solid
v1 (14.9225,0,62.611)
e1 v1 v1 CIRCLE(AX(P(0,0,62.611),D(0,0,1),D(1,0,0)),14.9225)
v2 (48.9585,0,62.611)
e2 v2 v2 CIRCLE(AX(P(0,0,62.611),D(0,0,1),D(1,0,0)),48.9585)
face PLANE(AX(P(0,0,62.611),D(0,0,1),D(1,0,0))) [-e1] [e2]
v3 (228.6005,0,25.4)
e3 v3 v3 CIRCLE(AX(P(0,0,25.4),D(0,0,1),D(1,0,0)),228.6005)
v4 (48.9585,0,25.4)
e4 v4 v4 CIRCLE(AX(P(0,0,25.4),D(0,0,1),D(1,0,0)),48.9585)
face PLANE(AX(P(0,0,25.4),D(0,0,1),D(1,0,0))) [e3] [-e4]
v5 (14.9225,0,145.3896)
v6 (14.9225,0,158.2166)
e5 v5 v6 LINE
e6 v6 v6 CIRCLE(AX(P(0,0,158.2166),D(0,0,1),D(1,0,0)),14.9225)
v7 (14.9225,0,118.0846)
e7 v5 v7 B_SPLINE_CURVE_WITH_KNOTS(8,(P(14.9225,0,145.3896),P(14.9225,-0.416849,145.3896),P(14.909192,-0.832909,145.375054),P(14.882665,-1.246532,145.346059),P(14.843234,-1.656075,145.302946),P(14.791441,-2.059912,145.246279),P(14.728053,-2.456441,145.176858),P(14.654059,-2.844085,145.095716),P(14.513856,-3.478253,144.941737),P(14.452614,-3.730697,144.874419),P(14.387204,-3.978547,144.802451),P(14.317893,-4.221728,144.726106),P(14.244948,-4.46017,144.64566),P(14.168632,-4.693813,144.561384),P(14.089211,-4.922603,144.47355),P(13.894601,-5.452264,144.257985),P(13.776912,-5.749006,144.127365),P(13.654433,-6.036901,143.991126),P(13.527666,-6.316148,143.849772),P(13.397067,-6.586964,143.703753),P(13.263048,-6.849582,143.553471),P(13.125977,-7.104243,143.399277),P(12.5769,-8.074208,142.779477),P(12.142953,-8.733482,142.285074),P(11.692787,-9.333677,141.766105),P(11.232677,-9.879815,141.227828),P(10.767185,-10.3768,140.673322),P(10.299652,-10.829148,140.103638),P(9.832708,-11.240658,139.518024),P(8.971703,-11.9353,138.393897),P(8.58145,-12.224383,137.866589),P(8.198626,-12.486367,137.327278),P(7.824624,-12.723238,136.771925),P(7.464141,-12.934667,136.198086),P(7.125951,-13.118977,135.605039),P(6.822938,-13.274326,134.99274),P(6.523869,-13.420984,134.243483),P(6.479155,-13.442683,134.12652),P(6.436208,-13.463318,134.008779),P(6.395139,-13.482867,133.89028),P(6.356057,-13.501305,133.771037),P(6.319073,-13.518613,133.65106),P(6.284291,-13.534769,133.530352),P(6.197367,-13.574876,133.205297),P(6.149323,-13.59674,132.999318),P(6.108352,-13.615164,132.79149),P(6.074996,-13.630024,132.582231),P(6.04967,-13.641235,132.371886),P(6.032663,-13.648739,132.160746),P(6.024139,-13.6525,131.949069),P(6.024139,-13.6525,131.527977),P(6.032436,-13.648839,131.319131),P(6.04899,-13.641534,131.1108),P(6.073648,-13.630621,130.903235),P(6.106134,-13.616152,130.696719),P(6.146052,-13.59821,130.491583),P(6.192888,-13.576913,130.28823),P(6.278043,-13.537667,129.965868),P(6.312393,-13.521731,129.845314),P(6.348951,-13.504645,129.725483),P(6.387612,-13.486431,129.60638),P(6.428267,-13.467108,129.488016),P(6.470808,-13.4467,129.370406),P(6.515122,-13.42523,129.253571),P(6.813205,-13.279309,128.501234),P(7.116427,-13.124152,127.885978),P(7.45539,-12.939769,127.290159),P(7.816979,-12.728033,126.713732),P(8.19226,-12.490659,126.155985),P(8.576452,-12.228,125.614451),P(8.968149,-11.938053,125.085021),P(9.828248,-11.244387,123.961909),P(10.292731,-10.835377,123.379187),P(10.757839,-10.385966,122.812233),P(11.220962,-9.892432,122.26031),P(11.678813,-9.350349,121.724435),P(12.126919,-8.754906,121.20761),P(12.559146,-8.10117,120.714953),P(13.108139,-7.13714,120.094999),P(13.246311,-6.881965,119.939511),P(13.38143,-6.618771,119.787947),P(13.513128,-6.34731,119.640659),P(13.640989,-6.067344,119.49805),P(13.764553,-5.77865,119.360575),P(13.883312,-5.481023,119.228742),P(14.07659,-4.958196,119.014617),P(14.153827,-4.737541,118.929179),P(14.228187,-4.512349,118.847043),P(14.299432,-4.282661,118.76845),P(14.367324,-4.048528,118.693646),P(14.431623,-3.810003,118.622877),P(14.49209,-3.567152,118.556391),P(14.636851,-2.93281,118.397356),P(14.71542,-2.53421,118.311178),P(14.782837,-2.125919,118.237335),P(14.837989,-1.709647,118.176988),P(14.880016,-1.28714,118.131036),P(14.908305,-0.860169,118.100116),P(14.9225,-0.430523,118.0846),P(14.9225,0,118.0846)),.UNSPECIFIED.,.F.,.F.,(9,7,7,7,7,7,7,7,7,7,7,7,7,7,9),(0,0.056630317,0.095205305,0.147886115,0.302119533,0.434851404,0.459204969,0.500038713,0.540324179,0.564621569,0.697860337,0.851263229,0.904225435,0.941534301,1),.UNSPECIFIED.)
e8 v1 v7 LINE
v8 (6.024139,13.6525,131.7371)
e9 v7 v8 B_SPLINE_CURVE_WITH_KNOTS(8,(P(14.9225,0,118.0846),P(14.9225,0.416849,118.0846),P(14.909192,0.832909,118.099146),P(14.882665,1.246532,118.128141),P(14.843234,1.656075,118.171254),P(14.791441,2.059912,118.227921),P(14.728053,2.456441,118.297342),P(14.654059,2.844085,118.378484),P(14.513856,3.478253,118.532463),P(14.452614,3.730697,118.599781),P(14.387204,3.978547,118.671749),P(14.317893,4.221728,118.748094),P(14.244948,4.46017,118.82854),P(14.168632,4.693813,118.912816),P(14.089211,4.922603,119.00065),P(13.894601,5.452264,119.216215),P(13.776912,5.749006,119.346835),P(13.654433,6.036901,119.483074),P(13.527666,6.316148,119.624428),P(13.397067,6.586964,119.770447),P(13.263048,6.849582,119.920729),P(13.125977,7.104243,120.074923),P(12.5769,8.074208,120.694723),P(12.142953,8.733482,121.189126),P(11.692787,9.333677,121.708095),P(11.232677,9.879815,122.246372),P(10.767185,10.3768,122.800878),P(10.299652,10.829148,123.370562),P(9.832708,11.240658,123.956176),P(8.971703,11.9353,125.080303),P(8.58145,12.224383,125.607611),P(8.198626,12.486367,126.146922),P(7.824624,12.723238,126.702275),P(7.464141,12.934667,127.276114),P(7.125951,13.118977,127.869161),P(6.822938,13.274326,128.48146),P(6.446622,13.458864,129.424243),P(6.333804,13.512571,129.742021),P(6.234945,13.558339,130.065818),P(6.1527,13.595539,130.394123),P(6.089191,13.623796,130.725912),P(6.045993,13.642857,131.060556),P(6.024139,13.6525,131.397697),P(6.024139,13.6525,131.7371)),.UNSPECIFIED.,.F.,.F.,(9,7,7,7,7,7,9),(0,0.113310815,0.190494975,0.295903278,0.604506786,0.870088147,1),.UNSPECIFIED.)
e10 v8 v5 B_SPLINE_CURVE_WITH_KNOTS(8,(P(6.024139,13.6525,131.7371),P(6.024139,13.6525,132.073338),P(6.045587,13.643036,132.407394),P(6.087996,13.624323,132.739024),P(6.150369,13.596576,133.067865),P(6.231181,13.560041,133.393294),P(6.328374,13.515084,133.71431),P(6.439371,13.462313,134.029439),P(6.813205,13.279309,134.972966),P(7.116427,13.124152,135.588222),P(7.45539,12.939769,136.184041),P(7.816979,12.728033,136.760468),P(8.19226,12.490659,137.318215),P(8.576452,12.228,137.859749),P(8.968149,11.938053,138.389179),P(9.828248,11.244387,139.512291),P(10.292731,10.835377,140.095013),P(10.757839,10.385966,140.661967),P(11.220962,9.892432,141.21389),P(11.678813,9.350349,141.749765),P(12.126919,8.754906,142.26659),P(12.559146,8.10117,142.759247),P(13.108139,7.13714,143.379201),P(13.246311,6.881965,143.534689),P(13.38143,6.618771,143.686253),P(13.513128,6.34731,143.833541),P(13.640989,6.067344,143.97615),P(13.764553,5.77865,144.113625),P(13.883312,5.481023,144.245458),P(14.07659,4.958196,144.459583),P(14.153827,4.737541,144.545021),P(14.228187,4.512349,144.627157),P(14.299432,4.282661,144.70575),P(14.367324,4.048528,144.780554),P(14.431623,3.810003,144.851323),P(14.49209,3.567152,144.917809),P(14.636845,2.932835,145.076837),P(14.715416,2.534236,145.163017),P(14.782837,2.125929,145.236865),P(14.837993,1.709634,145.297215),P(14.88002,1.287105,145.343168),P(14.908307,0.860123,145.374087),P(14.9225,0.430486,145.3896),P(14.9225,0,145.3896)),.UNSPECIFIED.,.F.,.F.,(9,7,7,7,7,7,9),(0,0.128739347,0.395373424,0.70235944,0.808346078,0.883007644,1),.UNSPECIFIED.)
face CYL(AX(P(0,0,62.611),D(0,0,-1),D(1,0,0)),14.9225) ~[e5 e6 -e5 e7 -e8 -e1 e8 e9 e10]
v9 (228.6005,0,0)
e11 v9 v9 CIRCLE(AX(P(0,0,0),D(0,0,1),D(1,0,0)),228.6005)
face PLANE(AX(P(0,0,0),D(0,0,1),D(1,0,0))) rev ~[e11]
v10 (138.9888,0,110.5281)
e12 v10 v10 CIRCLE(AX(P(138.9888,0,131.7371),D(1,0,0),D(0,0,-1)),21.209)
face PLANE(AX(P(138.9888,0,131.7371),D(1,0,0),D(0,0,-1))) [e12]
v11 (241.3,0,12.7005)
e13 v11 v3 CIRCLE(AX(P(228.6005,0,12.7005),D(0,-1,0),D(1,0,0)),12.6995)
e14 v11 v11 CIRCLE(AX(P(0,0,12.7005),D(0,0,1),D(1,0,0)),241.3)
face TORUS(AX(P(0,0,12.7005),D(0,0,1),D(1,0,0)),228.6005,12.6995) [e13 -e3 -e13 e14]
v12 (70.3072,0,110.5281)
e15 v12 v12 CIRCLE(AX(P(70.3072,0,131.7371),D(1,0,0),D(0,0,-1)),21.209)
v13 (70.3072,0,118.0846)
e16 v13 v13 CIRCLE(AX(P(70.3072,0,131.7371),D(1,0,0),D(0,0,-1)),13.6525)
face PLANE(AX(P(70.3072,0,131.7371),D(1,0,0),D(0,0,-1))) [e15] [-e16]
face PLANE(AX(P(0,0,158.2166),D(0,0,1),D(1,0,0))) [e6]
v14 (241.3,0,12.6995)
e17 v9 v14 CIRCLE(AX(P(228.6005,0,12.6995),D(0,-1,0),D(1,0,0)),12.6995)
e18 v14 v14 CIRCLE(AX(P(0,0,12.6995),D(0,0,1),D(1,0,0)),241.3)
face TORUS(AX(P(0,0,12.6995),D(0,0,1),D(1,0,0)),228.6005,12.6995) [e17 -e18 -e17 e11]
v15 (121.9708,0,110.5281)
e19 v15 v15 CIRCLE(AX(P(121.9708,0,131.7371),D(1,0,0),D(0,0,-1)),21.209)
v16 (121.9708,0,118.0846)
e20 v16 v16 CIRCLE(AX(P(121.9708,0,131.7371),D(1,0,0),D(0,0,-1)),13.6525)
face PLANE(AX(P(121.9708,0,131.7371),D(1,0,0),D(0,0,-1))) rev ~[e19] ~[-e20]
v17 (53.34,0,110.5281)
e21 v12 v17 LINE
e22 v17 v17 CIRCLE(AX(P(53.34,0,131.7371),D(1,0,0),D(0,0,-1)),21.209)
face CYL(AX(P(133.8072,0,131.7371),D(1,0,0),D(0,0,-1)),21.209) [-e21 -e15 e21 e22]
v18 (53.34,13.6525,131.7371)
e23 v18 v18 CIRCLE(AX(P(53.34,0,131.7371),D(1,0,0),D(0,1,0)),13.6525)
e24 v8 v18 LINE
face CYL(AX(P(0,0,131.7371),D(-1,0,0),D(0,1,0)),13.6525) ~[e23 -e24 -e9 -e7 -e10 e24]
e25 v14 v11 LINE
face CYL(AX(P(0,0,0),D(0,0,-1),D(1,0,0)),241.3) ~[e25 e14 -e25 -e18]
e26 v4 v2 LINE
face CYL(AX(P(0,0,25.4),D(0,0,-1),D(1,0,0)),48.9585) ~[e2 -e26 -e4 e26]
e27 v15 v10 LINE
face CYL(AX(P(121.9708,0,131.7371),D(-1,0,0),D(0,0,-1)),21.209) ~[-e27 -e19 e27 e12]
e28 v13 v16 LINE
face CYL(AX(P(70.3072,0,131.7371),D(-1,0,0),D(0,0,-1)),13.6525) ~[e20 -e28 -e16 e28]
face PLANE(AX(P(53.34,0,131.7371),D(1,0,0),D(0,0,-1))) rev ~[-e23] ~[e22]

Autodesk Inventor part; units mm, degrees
ref_plane "YZ Plane" through (0, 0, 0) normal (1, 0, 0) x (0, 1, 0)
ref_plane "XZ Plane" through (0, 0, 0) normal (0, 1, 0) x (-1, 0, 0)
ref_plane "XY Plane" through (0, 0, 0) normal (0, 0, 1) x (1, 0, 0)
sketch "Sketch1" plane through (0, 0, 0) normal (0, 0, 1) x (1, 0, 0)
  circle A0 centre (0, 0) radius 203.2
  circle A1 centre (0, 0) radius 241.3
  dimension "d0" = 406.4
  dimension "d1" = 38.1
extrude "Extrusion1" add sketch "Sketch1" along normal blind 25.4 contours A0 | A1
fillet "Fillet1" radius 12.7 2 edges at (-241.3, 0, 25.4) (-241.3, 0, 0)
sketch "Sketch2" plane through (0, 0, 25.4) normal (0, 0, 1) x (1, 0, 0)
  circle A0 centre (0, 0) radius 48.9585
  dimension "d5" = 97.917
extrude "Extrusion2" add sketch "Sketch2" along normal blind 37.211
sketch "Sketch3" plane through (0, 0, 62.611) normal (0, 0, 1) x (1, 0, 0)
  circle A0 centre (0, 0) radius 14.9225
  dimension "d8" = 29.845
extrude "Extrusion3" add sketch "Sketch3" along normal blind 95.6056
sketch "Sketch5" plane through (0, 0, 0) normal (1, 0, 0) x (0, 1, 0)
  circle A0 centre (0, 131.7371) radius 13.6525
  line L0 (14.9225, 158.2166) -> (-14.9225, 158.2166) projected
  point P0 (0, 0)
  dimension "d11" = 27.305
  dimension "d12" = 26.4795
extrude "Extrusion4" add sketch "Sketch5" along normal blind 133.8072
sketch "Sketch6" plane through (133.8072, 0, 131.7371) normal (1, 0, 0) x (0, 0, -1)
  circle A0 centre (0, 0) radius 13.6525 projected
  circle A1 centre (0, 0) radius 21.209
  point P0 (131.7371, 0)
  dimension "d15" = 42.418
extrude "Extrusion5" add sketch "Sketch6" against normal blind 80.4672
sketch "Sketch8" plane through (133.8072, 0, 131.7371) normal (1, 0, 0) x (0, 0, -1)
  circle A0 centre (0, 0) radius 21.209
  point P0 (131.7371, 0)
extrude "Extrusion6" cut sketch "Sketch8" against normal blind 63.5
sketch "Sketch9" plane through (70.3072, 0, 131.7371) normal (1, 0, 0) x (0, 0, -1)
  circle A0 centre (0, 0) radius 13.6525 projected
  circle A1 centre (0, 0) radius 13.6525
  point P0 (131.7371, 0)
extrude "Extrusion7" add sketch "Sketch9" along normal blind 51.6636
sketch "Sketch10" plane through (121.9708, 0, 131.7371) normal (1, 0, 0) x (0, 0, -1)
  circle A0 centre (0, 0) radius 21.209
  point P0 (131.7371, 0)
extrude "Extrusion8" add sketch "Sketch10" along normal blind 17.018
properties part number "pizza wheel"
